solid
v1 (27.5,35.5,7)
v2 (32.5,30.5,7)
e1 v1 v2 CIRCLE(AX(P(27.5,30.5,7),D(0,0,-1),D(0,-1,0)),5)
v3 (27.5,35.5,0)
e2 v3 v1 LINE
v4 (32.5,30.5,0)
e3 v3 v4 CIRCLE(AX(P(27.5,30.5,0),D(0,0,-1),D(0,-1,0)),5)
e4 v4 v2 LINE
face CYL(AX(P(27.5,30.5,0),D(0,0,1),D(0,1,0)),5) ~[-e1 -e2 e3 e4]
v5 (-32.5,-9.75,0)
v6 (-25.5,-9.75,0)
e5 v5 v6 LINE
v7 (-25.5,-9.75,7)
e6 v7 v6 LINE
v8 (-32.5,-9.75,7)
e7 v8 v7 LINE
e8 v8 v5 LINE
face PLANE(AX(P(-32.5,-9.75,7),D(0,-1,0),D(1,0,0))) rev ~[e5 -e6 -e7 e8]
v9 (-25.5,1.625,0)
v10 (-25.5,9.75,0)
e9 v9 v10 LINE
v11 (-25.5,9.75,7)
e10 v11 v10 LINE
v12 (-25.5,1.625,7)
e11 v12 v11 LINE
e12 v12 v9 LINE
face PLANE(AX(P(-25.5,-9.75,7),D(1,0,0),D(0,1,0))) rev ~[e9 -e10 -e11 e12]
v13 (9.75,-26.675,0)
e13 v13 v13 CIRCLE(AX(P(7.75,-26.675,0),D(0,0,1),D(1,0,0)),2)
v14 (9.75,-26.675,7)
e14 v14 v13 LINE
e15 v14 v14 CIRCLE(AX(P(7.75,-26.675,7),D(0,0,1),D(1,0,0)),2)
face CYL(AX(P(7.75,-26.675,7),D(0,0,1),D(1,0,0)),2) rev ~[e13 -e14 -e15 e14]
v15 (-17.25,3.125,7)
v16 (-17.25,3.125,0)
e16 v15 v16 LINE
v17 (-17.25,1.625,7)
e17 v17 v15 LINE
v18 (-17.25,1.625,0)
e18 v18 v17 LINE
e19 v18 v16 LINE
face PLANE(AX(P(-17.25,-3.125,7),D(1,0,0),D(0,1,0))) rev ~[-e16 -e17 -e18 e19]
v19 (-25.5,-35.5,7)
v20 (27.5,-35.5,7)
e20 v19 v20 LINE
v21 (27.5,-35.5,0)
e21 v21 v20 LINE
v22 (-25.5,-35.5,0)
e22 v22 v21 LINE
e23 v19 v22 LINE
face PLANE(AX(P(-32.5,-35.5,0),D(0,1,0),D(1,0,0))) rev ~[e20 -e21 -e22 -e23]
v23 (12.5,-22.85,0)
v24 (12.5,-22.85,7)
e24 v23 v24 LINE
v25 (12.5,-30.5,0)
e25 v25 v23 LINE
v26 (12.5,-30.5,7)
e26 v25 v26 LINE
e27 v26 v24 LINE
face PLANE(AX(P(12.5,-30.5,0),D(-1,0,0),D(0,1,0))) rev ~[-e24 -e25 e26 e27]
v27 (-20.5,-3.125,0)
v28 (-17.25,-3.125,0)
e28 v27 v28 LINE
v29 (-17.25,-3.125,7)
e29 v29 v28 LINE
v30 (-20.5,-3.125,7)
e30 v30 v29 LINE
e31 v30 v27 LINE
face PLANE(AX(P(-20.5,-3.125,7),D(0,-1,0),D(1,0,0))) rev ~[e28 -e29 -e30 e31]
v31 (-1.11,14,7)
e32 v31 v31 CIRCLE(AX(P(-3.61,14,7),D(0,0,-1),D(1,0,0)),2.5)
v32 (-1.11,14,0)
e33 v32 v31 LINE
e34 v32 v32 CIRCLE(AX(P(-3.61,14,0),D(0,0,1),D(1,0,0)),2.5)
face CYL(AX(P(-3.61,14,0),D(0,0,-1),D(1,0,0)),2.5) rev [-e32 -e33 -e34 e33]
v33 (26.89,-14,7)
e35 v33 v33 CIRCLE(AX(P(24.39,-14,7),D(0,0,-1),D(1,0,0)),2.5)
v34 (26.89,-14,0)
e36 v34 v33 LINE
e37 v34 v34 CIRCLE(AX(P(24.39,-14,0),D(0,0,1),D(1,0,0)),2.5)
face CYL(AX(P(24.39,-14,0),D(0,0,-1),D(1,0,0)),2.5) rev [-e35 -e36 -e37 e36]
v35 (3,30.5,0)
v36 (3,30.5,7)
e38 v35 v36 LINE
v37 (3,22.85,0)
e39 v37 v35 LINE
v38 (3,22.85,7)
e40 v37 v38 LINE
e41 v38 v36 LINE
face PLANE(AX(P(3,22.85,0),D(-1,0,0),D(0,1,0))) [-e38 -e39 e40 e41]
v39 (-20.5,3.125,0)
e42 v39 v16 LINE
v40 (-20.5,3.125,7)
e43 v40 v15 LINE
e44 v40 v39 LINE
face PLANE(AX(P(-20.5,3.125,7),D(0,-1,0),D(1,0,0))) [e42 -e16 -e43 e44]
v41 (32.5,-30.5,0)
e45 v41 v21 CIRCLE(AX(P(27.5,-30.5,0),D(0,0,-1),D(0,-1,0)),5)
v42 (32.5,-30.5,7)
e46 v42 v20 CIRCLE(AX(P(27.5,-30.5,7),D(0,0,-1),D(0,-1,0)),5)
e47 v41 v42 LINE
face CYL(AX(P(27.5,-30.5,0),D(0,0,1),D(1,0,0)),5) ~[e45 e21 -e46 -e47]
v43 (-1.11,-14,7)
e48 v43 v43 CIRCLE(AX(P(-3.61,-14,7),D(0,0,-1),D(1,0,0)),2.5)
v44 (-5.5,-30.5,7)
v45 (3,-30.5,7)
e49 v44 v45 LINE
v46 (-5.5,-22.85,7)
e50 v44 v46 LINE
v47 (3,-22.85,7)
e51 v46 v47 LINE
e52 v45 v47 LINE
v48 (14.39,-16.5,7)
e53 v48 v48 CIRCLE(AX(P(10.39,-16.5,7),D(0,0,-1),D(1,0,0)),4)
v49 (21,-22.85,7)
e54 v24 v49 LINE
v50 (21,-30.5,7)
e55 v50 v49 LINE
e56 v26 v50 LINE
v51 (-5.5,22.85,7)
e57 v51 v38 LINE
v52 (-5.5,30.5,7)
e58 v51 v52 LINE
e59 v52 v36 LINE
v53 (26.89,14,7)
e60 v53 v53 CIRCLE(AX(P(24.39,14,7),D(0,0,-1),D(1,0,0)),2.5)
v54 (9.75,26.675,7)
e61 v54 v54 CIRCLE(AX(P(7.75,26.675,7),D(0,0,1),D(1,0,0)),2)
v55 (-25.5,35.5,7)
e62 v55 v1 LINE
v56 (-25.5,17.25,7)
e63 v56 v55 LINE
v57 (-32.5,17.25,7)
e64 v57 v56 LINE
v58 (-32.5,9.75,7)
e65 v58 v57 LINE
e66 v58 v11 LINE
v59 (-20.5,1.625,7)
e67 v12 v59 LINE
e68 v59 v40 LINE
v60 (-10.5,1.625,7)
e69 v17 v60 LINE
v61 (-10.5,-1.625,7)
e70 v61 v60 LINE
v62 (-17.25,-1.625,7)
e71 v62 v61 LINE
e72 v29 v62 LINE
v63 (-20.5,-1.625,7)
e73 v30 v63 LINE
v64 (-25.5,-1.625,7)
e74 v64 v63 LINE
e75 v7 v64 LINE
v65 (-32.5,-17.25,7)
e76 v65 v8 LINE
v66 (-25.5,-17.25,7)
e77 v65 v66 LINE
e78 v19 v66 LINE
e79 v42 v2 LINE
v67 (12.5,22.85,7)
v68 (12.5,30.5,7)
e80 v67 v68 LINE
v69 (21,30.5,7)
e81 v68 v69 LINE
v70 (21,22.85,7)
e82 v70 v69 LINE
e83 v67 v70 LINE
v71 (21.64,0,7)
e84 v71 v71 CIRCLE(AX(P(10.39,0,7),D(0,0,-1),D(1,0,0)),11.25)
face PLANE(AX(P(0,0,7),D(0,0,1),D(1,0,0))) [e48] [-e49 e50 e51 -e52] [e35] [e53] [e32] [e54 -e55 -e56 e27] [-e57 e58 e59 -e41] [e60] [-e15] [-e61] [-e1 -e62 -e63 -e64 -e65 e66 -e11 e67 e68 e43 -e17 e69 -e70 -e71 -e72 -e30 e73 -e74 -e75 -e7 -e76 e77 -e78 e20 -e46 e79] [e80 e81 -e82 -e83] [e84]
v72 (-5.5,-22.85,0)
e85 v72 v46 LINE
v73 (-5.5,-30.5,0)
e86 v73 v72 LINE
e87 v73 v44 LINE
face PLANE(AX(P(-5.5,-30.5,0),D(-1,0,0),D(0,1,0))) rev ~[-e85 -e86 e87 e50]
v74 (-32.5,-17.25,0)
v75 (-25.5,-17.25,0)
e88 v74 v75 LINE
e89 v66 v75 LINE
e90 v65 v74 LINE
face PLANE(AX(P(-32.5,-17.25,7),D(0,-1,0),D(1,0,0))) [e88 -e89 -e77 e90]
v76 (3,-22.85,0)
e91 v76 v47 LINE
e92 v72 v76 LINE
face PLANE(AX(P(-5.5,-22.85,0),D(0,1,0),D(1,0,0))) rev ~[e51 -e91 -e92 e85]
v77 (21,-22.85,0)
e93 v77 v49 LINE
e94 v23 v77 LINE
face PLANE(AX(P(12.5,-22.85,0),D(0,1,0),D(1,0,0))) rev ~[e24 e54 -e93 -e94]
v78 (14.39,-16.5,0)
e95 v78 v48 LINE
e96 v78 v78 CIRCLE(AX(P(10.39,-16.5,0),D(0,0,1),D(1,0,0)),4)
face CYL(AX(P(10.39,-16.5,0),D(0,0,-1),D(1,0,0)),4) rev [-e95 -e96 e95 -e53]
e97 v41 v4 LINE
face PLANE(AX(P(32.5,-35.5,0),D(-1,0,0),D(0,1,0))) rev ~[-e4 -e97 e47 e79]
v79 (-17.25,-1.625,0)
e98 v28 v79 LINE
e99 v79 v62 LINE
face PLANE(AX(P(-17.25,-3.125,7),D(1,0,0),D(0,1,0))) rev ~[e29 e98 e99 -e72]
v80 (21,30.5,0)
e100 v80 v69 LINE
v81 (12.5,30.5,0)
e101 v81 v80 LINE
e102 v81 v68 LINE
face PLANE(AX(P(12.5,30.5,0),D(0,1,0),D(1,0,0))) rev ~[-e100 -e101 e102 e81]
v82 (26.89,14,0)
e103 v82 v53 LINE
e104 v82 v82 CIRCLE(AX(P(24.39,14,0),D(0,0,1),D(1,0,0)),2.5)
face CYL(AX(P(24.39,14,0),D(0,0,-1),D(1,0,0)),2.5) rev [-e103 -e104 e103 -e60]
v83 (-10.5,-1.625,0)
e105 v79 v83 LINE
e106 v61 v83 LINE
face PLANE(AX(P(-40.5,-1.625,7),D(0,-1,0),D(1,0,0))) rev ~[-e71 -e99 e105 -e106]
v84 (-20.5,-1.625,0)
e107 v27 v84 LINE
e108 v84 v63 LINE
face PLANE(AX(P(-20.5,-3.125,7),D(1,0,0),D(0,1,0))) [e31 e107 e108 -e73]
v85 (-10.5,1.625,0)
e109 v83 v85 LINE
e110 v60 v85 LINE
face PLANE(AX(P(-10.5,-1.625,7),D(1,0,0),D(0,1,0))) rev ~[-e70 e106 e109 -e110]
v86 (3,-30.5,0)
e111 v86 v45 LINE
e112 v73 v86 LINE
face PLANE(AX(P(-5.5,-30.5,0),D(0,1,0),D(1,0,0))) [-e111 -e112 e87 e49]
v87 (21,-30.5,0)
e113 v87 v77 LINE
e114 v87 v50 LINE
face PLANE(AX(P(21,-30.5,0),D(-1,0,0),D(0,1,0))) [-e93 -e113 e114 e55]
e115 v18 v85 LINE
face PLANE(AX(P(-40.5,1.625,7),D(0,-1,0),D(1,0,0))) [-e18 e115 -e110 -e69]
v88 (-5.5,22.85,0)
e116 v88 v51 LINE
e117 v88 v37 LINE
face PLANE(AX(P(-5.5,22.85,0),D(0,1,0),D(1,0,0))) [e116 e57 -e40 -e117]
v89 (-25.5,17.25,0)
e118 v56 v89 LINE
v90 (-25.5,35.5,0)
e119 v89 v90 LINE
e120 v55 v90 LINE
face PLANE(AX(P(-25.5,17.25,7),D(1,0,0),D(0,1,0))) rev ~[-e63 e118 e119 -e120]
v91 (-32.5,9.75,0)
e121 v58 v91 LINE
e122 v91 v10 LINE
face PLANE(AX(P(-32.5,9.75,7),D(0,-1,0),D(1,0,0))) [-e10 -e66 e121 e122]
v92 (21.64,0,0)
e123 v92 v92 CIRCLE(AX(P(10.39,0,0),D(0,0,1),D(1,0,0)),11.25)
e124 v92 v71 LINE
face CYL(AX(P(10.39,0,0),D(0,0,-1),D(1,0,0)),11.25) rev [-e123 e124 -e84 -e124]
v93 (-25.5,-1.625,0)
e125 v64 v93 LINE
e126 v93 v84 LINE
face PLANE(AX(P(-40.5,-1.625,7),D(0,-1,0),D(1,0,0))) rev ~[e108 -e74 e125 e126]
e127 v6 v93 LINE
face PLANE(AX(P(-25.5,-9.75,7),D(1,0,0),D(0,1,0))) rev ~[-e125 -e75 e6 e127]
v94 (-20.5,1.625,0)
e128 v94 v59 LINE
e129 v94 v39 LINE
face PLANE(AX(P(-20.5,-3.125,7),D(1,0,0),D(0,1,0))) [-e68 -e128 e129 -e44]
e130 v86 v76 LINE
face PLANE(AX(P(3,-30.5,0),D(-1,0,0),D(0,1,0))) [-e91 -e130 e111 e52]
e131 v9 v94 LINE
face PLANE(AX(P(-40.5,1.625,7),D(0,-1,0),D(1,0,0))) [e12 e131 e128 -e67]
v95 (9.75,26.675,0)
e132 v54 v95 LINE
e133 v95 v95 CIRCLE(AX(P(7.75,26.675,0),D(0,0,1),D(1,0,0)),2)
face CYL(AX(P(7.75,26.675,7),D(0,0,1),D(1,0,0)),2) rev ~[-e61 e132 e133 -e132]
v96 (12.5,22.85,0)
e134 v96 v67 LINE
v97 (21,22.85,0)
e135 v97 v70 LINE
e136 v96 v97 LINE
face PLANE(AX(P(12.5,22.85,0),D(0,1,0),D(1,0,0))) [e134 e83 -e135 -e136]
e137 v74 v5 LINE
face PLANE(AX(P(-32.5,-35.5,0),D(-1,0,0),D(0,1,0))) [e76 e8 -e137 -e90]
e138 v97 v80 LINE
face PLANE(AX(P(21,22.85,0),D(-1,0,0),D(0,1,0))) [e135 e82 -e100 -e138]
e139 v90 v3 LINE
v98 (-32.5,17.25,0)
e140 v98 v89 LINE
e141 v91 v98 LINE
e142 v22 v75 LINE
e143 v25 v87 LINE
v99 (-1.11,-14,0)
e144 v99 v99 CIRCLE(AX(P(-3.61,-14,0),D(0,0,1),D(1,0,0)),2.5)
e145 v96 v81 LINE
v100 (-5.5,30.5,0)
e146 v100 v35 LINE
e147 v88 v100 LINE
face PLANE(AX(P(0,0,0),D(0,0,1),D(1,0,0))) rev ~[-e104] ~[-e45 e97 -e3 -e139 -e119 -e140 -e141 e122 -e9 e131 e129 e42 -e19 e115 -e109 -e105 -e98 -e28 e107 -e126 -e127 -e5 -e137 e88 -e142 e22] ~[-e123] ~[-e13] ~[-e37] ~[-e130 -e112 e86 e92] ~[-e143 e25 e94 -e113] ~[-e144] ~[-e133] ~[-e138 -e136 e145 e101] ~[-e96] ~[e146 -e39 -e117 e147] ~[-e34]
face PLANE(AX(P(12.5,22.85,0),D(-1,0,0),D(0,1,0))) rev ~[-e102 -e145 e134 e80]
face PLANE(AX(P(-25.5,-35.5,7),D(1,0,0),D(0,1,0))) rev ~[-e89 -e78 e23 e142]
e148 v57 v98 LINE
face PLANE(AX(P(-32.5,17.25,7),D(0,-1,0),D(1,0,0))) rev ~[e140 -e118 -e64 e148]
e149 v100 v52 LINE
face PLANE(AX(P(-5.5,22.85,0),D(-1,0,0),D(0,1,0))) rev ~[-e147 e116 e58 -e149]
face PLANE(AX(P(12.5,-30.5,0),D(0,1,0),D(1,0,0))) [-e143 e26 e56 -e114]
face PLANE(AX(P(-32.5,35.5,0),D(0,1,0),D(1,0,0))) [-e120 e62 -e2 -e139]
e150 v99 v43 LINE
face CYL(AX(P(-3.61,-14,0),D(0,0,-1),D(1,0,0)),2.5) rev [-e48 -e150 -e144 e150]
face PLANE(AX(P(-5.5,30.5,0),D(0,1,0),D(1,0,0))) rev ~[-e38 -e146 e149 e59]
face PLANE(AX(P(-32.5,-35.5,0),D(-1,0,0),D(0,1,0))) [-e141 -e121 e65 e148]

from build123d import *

# Parameters (mm, degrees)
F0_W      = 65
F0_H      = 71
F0_W_2    = 8.5
F0_H_2    = 7.65
F2_DEPTH  = 7
F1_R      = 4
F1_R_2    = 11.25
F1_R_3    = 2.5
F3_DEPTH  = 25
F4_R      = 2
F5_DEPTH  = 7.001
F6_W      = 7
F6_H      = 18.25
F6_H_2    = 19.5
F7_DEPTH  = 7.001
F8_W      = 30
F8_H      = 3.25
F9_W      = 3.25
F9_H      = 6.25
F10_DEPTH = 7.001
F11_R     = 5


with BuildPart() as f2:
    # F0 (on Top) → F2 (new body)
    with BuildSketch(Plane.XY):
        Rectangle(F0_W, F0_H)
        with Locations((-1.25, -26.675)):
            Rectangle(F0_W_2, F0_H_2, mode=Mode.SUBTRACT)
        with Locations((16.75, -26.675)):
            Rectangle(F0_W_2, F0_H_2, mode=Mode.SUBTRACT)
        with Locations((-1.25, 26.675)):
            Rectangle(F0_W_2, F0_H_2, mode=Mode.SUBTRACT)
        with Locations((16.75, 26.675)):
            Rectangle(F0_W_2, F0_H_2, mode=Mode.SUBTRACT)
    extrude(amount=F2_DEPTH)

    # F1 (on face) → F3 (cut)
    with BuildSketch(Plane.XY):
        with Locations((10.39, -16.5)):
            Circle(F1_R)
        with Locations((10.39, 0)):
            Circle(F1_R_2)
        with Locations((-3.61, 14)):
            Circle(F1_R_3)
        with Locations((24.39, 14)):
            Circle(F1_R_3)
        with Locations((24.39, -14)):
            Circle(F1_R_3)
        with Locations((-3.61, -14)):
            Circle(F1_R_3)
    extrude(amount=F3_DEPTH, mode=Mode.SUBTRACT)

    # F4 (on face) → F5 (cut, through all)
    with BuildSketch(Plane.XY.offset(7)):
        with Locations((7.75, 26.675)):
            Circle(F4_R)
        with Locations((7.75, -26.675)):
            Circle(F4_R)
    extrude(amount=-F5_DEPTH, mode=Mode.SUBTRACT)

    # F6 (on face) → F7 (cut, through all)
    with BuildSketch(Plane.XY.offset(7)):
        with Locations((-29, 26.375)):
            Rectangle(F6_W, F6_H)
        with Locations((-29, -26.375)):
            Rectangle(F6_W, F6_H)
        with Locations((-29, 0)):
            Rectangle(F6_W, F6_H_2)
    extrude(amount=-F7_DEPTH, mode=Mode.SUBTRACT)

    # F8 (on face) + F9 (on face) → F10 (cut, through all)
    with BuildSketch(Plane.XY.offset(7)):
        with Locations((-25.5, 0)):
            Rectangle(F8_W, F8_H)
    with BuildSketch(Plane.XY.offset(7)):
        with Locations((-18.875, 0)):
            Rectangle(F9_W, F9_H)
    extrude(amount=-F10_DEPTH, mode=Mode.SUBTRACT)

    # F11
    f11_edges = [f2.edges().sort_by_distance(p)[0] for p in [
        (32.5, -35.5, 3.5),
        (32.5, 35.5, 3.5),
    ]]
    fillet(f11_edges, radius=F11_R)


solid = f2.part
